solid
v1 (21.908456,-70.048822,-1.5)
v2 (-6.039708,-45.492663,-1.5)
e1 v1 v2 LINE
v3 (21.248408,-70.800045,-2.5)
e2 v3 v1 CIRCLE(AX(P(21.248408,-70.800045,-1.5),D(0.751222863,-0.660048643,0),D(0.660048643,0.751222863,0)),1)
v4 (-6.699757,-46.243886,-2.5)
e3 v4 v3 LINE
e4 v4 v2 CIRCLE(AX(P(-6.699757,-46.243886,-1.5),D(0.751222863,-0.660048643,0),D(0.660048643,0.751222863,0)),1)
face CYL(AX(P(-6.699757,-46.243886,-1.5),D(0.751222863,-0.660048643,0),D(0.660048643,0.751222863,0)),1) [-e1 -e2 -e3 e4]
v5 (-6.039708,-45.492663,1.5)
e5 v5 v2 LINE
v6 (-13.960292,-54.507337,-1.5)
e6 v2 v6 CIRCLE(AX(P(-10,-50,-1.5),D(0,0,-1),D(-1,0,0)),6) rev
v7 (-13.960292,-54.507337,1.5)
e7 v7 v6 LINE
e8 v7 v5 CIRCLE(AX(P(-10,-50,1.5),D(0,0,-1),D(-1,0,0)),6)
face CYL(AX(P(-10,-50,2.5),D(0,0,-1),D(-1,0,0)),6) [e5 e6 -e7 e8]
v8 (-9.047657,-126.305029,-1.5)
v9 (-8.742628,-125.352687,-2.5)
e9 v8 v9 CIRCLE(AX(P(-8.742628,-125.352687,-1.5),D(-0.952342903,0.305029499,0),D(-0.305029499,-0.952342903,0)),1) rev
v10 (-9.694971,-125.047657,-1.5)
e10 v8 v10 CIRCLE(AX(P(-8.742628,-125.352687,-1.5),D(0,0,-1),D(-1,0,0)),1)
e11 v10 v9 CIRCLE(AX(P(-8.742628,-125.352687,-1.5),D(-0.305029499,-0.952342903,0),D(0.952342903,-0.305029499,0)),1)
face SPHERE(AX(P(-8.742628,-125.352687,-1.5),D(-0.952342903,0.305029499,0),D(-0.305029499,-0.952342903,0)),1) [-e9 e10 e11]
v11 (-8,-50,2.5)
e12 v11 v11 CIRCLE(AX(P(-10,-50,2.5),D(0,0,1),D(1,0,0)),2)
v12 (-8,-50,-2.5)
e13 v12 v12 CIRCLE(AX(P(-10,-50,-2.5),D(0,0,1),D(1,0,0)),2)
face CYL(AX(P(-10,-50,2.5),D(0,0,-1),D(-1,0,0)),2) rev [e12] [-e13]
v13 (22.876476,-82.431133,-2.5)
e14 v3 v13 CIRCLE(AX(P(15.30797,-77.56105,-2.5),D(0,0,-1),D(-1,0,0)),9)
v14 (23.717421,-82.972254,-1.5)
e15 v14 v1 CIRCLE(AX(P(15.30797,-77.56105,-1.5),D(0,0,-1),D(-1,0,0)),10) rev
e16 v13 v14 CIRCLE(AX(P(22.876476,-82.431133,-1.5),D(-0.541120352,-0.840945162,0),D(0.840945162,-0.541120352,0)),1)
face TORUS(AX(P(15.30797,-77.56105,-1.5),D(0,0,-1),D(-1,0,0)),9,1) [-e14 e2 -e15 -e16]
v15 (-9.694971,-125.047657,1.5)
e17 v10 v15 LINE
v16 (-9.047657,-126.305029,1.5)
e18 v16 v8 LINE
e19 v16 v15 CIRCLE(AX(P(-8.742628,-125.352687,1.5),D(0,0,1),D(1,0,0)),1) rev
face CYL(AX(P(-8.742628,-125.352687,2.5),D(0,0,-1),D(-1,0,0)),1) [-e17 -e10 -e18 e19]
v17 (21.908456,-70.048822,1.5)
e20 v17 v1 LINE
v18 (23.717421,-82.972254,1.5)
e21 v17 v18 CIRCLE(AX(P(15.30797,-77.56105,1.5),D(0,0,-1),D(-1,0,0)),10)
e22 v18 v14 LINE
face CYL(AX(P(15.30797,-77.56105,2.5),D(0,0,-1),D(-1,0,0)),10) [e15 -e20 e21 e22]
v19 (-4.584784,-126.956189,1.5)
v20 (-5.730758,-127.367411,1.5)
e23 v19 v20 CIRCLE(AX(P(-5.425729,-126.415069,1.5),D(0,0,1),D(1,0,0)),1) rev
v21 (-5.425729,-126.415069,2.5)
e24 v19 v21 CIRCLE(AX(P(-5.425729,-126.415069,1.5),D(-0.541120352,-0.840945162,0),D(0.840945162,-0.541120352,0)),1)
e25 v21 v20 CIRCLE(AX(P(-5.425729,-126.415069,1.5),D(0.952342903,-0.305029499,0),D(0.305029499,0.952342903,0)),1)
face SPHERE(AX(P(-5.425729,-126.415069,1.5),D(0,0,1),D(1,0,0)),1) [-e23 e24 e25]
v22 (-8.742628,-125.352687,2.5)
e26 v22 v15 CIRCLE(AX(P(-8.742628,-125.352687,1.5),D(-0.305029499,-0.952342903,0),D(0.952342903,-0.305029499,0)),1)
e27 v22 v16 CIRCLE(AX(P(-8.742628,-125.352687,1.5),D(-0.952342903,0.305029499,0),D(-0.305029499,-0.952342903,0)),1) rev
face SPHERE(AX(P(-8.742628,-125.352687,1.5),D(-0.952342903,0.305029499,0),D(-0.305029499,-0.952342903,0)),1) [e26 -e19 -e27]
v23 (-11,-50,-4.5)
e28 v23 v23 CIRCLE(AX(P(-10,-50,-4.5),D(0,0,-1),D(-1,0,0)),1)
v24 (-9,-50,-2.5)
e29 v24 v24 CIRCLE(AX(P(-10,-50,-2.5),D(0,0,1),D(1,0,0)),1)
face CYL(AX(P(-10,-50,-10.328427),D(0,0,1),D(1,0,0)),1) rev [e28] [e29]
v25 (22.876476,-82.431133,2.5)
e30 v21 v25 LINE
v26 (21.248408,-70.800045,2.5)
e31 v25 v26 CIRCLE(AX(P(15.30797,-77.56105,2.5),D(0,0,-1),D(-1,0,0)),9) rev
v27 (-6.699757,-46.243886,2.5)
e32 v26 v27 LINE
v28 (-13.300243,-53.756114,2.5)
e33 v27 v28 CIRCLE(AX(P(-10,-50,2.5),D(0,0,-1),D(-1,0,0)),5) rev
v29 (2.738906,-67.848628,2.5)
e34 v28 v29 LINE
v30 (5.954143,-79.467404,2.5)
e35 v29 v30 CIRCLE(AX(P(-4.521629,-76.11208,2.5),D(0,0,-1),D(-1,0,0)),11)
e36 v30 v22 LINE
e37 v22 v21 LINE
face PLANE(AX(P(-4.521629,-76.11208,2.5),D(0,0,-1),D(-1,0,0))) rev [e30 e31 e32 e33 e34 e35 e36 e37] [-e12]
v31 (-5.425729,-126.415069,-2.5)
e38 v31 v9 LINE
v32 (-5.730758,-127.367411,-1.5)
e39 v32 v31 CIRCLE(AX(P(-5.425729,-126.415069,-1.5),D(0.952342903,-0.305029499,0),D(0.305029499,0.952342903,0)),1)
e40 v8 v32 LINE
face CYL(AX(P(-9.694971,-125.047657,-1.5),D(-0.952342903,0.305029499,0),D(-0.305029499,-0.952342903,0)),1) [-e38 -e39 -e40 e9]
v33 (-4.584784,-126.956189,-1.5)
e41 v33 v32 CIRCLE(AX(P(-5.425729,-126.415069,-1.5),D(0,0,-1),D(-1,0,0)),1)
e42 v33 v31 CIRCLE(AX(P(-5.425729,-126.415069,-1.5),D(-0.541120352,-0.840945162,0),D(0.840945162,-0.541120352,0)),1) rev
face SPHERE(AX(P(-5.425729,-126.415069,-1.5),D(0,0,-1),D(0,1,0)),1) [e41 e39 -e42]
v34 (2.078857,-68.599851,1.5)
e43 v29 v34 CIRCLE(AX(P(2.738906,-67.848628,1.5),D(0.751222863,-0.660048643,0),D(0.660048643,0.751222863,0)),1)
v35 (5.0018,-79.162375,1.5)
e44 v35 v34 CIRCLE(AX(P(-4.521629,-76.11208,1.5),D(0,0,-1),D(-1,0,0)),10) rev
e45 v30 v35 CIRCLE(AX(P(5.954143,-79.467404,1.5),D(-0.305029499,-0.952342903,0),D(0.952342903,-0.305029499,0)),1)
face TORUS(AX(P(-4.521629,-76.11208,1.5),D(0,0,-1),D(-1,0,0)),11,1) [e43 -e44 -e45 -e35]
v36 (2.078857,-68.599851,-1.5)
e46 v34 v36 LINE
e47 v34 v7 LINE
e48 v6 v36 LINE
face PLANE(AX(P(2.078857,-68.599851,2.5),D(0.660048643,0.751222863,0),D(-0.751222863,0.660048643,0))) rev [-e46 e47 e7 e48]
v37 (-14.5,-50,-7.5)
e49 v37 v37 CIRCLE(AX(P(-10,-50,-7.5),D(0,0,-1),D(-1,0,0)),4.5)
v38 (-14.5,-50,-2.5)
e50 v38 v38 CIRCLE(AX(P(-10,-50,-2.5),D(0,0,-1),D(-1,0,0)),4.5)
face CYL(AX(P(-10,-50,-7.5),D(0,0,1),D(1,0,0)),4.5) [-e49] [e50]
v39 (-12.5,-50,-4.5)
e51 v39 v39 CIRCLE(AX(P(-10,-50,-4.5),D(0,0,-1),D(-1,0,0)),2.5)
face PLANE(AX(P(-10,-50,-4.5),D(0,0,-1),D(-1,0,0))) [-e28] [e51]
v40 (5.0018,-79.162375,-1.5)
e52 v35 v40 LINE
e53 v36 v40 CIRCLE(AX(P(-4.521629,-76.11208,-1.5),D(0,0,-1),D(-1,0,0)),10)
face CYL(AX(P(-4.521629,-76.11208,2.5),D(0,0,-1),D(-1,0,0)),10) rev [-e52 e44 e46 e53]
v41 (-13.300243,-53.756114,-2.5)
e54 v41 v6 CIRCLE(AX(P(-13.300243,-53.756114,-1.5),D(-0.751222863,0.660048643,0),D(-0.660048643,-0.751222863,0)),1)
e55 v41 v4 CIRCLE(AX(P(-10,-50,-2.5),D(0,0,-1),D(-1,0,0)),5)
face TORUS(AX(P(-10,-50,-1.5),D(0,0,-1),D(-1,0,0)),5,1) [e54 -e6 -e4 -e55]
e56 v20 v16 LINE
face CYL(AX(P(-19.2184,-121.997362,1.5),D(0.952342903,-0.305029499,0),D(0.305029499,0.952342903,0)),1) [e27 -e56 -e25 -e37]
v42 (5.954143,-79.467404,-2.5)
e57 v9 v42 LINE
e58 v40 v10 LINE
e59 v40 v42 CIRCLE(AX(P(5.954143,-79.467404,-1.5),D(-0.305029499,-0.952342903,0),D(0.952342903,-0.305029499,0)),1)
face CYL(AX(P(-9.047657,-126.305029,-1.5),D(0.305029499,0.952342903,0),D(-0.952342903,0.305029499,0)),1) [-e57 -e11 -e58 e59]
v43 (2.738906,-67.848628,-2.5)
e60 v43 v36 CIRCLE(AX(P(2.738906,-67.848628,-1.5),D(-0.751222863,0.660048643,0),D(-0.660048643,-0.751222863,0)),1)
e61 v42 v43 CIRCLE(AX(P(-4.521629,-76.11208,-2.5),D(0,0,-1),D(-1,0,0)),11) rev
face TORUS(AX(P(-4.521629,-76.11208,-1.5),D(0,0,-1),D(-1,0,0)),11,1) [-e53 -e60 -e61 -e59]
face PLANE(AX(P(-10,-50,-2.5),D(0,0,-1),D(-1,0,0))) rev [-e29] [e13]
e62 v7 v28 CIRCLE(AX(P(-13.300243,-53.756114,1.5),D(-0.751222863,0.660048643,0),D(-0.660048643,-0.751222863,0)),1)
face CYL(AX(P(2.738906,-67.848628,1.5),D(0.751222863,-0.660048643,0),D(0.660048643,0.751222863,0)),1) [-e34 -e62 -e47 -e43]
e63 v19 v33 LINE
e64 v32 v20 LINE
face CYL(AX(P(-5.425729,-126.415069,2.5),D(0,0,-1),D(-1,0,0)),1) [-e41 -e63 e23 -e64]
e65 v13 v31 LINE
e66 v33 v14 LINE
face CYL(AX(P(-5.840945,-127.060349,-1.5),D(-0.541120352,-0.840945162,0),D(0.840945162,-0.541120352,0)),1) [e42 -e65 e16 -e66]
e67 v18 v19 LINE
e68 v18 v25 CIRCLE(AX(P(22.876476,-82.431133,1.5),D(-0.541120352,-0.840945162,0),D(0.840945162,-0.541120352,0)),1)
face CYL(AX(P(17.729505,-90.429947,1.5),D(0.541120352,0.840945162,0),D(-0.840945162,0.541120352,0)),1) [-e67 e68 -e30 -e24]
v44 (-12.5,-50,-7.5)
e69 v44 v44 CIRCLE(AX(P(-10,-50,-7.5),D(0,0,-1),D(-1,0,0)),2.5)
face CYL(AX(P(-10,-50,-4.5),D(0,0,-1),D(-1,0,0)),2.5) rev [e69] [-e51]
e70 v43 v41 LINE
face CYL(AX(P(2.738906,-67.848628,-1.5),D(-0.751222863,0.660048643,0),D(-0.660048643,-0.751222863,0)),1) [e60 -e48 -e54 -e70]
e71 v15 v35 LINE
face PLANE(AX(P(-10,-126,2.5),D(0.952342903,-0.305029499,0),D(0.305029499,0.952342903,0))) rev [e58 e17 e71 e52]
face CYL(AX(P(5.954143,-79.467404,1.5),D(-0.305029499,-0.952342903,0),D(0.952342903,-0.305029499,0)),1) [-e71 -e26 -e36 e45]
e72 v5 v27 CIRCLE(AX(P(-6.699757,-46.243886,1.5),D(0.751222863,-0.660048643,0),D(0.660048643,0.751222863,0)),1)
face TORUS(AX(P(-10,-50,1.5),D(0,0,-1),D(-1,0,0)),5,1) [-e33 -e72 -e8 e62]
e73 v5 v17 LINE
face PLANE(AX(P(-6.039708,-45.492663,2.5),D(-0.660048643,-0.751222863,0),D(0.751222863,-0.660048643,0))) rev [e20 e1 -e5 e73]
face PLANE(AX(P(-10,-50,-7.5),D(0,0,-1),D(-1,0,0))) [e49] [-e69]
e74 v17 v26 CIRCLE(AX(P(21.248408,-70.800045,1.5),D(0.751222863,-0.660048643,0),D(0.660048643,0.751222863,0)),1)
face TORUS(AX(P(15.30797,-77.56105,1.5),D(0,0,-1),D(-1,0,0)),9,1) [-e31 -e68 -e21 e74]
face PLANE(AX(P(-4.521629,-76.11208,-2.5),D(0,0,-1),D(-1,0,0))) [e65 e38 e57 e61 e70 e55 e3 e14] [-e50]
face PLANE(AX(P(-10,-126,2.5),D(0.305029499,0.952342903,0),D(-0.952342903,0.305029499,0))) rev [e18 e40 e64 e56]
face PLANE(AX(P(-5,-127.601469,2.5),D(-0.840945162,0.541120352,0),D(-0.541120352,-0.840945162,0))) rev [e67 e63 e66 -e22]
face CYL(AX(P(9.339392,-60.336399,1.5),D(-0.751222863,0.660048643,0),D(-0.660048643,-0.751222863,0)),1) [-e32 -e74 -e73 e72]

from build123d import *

# Parameters (mm, degrees)
SKETCH2_R           = 2
BOSS_EXTRUDE1_DEPTH = 2.5
FILLET1_R           = 1
SKETCH3_R           = 4.5
BOSS_EXTRUDE2_DEPTH = 5
SKETCH4_R           = 2.5
CUT_EXTRUDE1_DEPTH  = 3
SKETCH5_R           = 1
CUT_EXTRUDE2_DEPTH  = 5


with BuildPart() as part:
    # Sketch2 → Boss-Extrude1 (new body, symmetric)
    with BuildSketch(Plane.XY):
        with BuildLine():
            Line((-10, -126), (-5, -127.601468854))
            Line((-5, -127.601468854), (23.717421377, -82.972253802))
            ThreePointArc((23.717421377, -82.972253802), (25.211420403, -76.174808821), (21.908456188, -70.048821656))
            Line((21.908456188, -70.048821656), (-6.039708144, -45.492662824))
            ThreePointArc((-6.039708144, -45.492662824), (-14.507337176, -46.039708144), (-13.960291856, -54.507337176))
            Line((-13.960291856, -54.507337176), (2.078857085, -68.599850882))
            ThreePointArc((2.078857085, -68.599850882), (5.116155087, -73.445037833), (5.001799686, -79.162374502))
            Line((5.001799686, -79.162374502), (-10, -126))
        make_face()
        with Locations((-10, -50)):
            Circle(SKETCH2_R, mode=Mode.SUBTRACT)
    extrude(amount=BOSS_EXTRUDE1_DEPTH, both=True)

    # Fillet1
    fillet1_edges = [part.edges().sort_by_distance(p)[0] for p in [
        (25.211420403, -76.174808821, -2.5),
        (9.358710688, -105.286861328, -2.5),
        (-7.5, -126.800734427, -2.5),
        (-2.499100157, -102.581187251, -2.5),
        (9.358710688, -105.286861328, 2.5),
        (-5, -127.601468854, 0),
        (-10, -126, 0),
        (25.211420403, -76.174808821, 2.5),
        (7.934374022, -57.77074224, 2.5),
        (-14.507337176, -46.039708144, 2.5),
        (-5.940717386, -61.553594029, 2.5),
        (5.116155087, -73.445037833, 2.5),
        (-2.499100157, -102.581187251, 2.5),
        (5.116155087, -73.445037833, -2.5),
        (-7.5, -126.800734427, 2.5),
        (-5.940717386, -61.553594029, -2.5),
        (-14.507337176, -46.039708144, -2.5),
        (7.934374022, -57.77074224, -2.5),
    ]]
    fillet(fillet1_edges, radius=FILLET1_R)

    # Sketch3 → Boss-Extrude2 (add)
    with BuildSketch(Plane(origin=(0, 0, -2.5), x_dir=(-1, 0, 0), z_dir=(0, 0, -1))):
        with Locations((10, -50)):
            Circle(SKETCH3_R)
    extrude(amount=BOSS_EXTRUDE2_DEPTH)

    # Sketch4 → Cut-Extrude1 (cut)
    with BuildSketch(Plane(origin=(0, 0, -7.5), x_dir=(-1, 0, 0), z_dir=(0, 0, -1))):
        with Locations((10, -50)):
            Circle(SKETCH4_R)
    extrude(amount=-CUT_EXTRUDE1_DEPTH, mode=Mode.SUBTRACT)

    # Sketch5 → Cut-Extrude2 (cut)
    with BuildSketch(Plane.XY.offset(-2.5)):
        with Locations((-10, -50)):
            Circle(SKETCH5_R)
    extrude(amount=-CUT_EXTRUDE2_DEPTH, mode=Mode.SUBTRACT)


solid = part.part
